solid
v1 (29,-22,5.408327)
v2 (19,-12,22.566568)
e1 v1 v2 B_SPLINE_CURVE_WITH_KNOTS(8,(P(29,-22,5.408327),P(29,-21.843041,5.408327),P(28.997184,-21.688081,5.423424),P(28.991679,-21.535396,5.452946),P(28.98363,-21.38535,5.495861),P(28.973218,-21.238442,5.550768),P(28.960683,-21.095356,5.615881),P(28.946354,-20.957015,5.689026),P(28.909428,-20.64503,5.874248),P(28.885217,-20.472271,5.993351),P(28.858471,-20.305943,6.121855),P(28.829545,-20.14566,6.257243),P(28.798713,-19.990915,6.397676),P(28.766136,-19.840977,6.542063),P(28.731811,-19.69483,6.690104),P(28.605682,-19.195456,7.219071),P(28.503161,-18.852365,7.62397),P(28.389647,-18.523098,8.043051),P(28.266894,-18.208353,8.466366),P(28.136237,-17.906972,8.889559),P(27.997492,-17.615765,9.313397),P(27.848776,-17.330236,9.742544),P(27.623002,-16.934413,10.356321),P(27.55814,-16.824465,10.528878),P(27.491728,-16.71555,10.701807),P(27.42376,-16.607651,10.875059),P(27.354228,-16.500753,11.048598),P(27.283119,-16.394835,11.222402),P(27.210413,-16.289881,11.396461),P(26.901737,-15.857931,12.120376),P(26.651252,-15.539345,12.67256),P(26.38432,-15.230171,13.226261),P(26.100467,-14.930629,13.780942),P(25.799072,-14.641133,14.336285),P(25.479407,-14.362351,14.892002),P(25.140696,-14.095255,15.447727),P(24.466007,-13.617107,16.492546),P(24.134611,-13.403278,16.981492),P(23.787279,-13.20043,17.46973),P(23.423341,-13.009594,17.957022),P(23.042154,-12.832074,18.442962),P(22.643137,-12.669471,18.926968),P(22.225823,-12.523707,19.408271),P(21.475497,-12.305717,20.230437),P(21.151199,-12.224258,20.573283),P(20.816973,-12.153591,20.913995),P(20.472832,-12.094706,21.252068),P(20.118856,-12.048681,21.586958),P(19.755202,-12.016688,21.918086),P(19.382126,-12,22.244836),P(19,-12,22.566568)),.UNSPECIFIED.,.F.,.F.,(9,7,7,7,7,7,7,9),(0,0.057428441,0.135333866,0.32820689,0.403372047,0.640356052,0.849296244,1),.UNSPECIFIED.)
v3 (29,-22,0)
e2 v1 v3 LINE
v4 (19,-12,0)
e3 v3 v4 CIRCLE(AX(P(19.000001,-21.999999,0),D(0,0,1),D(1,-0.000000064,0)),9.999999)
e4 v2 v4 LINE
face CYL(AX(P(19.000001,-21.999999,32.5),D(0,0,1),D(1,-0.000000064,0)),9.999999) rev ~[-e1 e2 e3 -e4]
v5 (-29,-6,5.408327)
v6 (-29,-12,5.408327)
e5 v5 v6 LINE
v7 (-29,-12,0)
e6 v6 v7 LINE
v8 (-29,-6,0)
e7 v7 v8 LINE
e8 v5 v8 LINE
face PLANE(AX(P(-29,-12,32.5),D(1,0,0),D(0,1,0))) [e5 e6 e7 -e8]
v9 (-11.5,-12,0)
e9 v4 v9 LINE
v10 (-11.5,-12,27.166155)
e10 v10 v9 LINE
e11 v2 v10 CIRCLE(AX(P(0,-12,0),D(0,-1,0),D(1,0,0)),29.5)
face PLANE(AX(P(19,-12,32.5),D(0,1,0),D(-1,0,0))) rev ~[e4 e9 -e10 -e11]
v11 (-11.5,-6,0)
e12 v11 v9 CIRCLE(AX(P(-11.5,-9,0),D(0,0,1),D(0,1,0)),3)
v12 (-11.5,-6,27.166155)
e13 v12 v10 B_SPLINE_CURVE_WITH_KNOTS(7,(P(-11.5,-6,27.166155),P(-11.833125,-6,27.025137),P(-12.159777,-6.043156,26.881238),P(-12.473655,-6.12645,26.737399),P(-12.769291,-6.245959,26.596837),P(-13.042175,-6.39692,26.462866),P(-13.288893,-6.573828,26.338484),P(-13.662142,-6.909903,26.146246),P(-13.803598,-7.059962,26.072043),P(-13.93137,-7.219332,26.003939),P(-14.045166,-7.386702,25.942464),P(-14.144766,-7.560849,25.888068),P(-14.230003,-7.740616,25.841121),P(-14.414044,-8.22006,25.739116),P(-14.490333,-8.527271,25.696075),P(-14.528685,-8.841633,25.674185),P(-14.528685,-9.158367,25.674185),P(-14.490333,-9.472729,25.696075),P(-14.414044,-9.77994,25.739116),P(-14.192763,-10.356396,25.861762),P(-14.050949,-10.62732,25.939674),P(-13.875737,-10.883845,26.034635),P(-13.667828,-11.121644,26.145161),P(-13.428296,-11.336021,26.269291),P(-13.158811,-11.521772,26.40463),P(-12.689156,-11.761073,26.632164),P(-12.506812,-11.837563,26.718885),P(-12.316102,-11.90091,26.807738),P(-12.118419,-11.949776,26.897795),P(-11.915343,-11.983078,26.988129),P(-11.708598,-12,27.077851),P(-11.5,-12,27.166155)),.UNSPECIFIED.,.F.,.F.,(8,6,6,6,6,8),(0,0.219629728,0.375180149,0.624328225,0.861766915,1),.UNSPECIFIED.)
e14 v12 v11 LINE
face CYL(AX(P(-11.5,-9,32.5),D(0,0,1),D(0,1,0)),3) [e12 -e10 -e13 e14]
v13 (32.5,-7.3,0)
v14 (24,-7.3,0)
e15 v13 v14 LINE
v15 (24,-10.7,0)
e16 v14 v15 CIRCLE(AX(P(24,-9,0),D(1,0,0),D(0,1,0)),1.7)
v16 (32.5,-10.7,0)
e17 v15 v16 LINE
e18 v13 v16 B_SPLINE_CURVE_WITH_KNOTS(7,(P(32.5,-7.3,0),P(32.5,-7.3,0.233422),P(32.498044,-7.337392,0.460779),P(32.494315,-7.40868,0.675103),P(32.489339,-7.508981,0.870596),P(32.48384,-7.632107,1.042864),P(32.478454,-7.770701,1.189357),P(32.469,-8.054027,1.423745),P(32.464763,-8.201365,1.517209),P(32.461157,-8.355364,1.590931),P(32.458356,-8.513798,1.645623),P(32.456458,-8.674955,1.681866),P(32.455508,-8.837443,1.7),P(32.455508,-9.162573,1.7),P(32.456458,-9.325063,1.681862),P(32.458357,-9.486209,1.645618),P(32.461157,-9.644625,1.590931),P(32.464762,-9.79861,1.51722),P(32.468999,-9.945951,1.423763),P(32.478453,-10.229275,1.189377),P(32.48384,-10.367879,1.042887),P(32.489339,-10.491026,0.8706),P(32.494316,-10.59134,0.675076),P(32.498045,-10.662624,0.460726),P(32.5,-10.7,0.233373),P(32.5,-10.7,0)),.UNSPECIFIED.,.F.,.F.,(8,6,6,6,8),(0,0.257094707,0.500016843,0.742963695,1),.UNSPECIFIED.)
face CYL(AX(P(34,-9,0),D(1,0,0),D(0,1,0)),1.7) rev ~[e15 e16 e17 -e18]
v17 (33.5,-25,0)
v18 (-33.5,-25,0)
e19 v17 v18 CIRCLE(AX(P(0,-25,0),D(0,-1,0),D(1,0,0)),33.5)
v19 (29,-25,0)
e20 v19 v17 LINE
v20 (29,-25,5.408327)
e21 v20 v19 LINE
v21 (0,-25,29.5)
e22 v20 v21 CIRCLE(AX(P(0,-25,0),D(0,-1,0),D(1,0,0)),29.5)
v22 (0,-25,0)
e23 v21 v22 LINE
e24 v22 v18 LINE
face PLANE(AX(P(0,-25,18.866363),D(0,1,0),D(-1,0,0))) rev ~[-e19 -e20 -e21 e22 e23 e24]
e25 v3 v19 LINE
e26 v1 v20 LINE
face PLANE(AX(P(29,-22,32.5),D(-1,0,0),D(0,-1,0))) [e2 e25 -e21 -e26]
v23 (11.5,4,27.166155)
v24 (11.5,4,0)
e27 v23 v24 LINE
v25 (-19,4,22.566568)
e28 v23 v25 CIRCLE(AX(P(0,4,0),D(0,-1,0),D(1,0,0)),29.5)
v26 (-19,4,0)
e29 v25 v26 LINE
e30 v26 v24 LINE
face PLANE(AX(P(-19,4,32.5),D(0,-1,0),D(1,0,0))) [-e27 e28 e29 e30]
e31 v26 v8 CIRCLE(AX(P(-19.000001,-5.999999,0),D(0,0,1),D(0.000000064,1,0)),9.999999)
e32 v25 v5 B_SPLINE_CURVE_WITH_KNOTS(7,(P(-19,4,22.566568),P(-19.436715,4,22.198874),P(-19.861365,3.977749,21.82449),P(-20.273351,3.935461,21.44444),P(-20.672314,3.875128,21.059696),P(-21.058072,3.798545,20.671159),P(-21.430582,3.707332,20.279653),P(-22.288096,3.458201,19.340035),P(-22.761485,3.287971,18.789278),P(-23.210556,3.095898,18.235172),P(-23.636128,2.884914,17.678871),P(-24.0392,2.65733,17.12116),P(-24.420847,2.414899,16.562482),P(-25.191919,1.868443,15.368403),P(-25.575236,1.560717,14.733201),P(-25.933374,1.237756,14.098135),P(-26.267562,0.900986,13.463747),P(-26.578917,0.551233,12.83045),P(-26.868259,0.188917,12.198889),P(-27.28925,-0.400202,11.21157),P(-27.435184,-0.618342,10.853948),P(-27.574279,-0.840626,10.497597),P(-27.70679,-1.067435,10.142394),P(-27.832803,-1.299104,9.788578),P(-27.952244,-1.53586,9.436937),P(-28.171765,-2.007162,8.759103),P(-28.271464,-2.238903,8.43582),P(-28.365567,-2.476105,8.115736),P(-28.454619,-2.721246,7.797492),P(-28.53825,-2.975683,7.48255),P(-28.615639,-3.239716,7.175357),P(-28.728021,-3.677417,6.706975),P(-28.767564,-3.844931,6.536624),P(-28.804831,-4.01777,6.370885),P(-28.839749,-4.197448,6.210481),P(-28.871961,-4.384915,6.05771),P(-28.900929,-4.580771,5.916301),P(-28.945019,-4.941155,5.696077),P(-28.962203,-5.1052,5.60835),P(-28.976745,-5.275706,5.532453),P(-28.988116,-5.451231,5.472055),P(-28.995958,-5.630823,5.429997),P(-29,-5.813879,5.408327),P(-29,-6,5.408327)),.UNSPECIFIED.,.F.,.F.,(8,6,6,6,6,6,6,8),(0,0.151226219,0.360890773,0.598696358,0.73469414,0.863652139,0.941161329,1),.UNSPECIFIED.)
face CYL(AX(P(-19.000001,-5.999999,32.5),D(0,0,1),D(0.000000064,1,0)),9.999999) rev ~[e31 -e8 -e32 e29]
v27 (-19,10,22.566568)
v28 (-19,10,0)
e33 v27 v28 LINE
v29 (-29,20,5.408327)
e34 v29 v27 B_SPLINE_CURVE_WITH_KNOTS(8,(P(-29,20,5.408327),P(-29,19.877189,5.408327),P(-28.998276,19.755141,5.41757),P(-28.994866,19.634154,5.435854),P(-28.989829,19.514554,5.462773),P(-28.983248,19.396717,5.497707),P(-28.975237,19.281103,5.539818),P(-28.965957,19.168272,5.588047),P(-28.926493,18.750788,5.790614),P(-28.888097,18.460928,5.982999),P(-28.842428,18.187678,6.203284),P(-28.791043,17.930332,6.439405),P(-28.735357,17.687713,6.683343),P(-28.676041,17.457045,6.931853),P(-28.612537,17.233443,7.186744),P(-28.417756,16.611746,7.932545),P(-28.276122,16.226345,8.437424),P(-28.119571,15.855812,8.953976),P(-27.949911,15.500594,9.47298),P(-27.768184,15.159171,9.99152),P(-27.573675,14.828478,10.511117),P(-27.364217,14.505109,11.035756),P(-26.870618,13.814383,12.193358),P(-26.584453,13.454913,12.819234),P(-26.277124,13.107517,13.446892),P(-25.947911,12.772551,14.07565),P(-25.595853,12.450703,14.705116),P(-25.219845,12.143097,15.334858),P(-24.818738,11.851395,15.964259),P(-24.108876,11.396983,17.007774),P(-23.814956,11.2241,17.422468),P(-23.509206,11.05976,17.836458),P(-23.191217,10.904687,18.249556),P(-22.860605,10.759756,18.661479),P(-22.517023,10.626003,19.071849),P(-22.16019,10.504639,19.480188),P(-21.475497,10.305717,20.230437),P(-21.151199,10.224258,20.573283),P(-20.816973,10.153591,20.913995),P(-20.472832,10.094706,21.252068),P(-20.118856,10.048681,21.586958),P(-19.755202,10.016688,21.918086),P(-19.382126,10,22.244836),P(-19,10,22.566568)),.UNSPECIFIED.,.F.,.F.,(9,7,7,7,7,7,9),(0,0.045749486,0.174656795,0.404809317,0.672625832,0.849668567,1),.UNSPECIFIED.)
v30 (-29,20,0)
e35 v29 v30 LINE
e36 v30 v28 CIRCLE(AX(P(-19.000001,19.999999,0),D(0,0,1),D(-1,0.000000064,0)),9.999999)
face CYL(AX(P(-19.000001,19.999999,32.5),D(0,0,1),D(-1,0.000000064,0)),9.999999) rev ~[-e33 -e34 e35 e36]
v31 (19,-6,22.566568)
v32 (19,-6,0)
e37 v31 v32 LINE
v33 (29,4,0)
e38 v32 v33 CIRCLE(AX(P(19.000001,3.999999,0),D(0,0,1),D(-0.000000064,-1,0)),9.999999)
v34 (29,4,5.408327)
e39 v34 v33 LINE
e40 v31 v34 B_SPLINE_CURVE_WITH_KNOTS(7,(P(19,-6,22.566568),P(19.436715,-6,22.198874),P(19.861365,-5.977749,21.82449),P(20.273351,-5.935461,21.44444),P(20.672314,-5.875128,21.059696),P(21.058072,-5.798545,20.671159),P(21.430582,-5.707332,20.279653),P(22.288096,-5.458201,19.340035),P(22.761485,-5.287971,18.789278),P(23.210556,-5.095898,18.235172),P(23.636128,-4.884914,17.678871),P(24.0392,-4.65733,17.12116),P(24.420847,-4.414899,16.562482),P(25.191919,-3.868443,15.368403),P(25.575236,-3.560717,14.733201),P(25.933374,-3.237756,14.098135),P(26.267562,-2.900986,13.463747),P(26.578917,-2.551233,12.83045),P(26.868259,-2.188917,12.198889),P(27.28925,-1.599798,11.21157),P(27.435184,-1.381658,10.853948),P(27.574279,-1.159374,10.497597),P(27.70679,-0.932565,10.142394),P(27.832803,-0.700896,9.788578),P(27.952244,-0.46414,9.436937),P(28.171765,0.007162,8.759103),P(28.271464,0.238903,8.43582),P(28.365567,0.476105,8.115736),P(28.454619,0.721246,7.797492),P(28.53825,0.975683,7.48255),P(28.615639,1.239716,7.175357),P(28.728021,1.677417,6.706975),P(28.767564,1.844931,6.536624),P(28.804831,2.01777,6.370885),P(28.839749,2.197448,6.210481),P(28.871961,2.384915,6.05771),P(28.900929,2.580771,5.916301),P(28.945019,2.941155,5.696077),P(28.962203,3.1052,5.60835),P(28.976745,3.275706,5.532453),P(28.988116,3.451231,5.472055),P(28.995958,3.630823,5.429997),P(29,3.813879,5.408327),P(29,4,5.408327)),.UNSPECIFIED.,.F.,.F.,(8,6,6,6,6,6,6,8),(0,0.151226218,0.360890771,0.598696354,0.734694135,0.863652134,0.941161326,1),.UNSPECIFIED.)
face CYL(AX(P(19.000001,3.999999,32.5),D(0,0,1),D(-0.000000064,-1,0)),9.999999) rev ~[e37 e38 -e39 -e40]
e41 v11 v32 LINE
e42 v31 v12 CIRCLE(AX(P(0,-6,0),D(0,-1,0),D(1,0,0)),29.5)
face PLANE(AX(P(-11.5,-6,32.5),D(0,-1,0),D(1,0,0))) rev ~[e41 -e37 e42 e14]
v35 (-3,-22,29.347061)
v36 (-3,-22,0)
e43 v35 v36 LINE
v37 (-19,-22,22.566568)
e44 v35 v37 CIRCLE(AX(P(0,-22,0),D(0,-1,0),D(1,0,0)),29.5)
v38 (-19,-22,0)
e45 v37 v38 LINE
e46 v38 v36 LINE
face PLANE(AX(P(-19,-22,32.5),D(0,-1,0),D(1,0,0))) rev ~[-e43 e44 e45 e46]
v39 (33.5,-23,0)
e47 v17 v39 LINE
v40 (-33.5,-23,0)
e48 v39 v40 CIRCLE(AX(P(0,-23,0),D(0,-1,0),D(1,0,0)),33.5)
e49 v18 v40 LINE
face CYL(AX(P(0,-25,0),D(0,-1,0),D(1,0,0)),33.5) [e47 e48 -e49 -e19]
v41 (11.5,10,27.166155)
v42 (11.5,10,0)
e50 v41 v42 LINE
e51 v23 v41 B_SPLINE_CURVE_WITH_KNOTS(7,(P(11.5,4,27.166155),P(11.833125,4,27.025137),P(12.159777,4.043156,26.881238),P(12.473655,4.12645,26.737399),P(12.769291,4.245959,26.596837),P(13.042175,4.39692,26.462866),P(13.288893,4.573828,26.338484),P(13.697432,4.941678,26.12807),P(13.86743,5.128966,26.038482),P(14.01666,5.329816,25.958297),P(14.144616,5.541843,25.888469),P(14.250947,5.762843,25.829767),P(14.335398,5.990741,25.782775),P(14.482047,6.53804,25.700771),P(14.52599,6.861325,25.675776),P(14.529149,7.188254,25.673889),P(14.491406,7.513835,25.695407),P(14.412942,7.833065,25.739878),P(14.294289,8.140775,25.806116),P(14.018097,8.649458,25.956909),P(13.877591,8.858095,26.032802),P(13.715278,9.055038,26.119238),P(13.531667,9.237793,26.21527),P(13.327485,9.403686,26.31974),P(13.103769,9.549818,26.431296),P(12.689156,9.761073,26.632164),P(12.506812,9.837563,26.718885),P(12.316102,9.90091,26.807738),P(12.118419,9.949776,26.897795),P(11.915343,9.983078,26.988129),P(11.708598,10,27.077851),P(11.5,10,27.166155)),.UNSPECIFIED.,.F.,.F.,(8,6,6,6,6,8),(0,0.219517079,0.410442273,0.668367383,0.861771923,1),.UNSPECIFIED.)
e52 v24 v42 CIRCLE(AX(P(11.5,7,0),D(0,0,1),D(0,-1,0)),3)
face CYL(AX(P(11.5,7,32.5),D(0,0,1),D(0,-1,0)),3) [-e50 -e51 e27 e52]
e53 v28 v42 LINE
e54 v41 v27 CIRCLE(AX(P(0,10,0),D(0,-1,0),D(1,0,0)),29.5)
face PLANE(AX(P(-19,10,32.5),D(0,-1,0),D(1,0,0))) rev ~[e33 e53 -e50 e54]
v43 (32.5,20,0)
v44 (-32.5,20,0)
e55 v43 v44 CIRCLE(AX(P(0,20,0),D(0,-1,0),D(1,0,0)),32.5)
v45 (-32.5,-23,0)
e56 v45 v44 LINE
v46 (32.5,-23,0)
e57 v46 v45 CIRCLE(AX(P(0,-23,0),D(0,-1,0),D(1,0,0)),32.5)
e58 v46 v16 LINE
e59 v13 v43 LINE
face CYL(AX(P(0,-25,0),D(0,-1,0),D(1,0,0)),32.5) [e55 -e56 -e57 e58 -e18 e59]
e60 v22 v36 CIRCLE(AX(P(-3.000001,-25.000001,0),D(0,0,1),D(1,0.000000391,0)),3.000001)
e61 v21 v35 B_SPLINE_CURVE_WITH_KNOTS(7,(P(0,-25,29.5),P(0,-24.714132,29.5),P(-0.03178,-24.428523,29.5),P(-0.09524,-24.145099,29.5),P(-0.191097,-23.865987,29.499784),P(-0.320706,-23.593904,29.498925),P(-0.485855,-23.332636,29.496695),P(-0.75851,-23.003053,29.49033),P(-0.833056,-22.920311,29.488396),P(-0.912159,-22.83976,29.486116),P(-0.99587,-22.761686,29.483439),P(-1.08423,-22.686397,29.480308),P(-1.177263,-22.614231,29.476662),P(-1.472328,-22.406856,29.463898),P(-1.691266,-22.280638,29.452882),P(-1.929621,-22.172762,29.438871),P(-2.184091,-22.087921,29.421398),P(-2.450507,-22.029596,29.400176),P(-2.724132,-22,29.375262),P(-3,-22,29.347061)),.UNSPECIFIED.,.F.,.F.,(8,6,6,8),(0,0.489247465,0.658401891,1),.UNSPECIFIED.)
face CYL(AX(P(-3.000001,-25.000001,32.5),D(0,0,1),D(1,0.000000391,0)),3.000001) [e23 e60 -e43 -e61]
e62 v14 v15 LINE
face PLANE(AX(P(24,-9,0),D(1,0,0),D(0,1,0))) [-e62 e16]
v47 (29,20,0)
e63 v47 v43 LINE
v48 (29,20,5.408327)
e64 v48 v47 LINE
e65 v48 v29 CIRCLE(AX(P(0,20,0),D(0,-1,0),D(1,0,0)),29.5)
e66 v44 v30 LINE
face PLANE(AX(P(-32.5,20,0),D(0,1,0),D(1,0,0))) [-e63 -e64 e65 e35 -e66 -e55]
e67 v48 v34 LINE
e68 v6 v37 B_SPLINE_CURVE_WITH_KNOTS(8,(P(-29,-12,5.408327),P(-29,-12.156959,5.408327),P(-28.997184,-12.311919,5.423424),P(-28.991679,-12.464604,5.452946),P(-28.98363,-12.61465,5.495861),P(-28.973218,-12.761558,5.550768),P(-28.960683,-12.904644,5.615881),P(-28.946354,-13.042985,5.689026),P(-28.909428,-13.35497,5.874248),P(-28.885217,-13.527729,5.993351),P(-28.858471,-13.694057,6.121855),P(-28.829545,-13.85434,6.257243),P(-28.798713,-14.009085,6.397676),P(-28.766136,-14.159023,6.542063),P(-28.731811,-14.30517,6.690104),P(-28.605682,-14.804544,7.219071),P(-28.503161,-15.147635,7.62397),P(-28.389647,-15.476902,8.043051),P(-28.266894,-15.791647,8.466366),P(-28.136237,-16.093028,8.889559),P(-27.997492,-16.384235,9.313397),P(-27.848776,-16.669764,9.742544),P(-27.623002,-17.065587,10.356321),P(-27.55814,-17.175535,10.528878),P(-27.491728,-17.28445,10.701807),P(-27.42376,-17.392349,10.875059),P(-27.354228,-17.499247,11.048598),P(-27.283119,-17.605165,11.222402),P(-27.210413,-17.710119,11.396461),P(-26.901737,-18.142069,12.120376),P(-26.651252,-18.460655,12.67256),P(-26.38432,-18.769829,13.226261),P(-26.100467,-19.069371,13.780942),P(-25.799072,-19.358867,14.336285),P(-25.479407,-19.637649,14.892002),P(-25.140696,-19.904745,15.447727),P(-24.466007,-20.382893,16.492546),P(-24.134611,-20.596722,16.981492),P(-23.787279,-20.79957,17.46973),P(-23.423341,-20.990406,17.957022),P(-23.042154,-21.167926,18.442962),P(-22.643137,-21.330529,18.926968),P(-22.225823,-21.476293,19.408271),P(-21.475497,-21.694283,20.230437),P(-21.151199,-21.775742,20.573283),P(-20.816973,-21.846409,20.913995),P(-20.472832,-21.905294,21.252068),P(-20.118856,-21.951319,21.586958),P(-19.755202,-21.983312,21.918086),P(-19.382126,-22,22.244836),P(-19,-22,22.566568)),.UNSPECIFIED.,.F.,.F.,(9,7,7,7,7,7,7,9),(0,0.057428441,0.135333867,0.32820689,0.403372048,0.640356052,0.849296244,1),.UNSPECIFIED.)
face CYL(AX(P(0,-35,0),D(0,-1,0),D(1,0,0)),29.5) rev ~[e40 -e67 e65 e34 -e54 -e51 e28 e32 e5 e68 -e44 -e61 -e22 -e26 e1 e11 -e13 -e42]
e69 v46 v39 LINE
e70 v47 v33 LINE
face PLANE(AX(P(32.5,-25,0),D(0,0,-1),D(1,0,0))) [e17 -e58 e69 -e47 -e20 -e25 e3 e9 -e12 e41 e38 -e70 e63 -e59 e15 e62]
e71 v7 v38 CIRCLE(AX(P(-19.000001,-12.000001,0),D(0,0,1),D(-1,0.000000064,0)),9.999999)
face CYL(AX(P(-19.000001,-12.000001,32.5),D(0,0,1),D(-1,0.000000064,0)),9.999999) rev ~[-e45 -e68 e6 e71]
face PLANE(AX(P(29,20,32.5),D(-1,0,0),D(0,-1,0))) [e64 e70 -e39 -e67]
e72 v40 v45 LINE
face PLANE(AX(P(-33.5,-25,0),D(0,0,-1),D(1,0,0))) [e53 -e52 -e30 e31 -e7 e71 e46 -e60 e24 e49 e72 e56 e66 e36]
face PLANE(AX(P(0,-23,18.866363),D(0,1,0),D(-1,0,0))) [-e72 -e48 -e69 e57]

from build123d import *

# Parameters (mm, degrees)
SKETCH015_W     = 65
SKETCH015_H     = 55
PAD004_DEPTH    = 32.5
POCKET006_DEPTH = 32.501
PAD005_DEPTH    = 55
SKETCH018_W     = 65
SKETCH018_H     = 10
POCKET007_DEPTH = 32.501
SKETCH019_R     = 50
SKETCH019_R_2   = 32.5
POCKET008_DEPTH = 45.001
PAD006_DEPTH    = 2
SKETCH027_R     = 1.7
POCKET013_DEPTH = 10


with BuildPart() as part:
    # Sketch015 → Pad004 (new body)
    with BuildSketch(Plane.XY):
        with Locations((0, 17.5)):
            Rectangle(SKETCH015_W, SKETCH015_H)
    extrude(amount=PAD004_DEPTH)

    # Sketch016 (on Face6 of Pad004) → Pocket006 (cut, through all)
    with BuildSketch(Plane.XY.offset(32.5)):
        with BuildLine():
            ThreePointArc((-29, 45), (-26.071068, 37.928932), (-19, 35))
            Line((-19, 35), (11.5, 35))
            ThreePointArc((11.5, 29), (14.5, 32), (11.5, 35))
            Line((-19, 29), (11.5, 29))
            ThreePointArc((-19, 29), (-26.071068, 26.071068), (-29, 19))
            Line((-29, 13), (-29, 19))
            ThreePointArc((-29, 13), (-26.071068, 5.928932), (-19, 3))
            Line((-19, 3), (-3, 3))
            ThreePointArc((0, 0), (-0.87868, 2.12132), (-3, 3))
            Line((29, 0), (0, 0))
            Line((29, 3), (29, 0))
            ThreePointArc((29, 3), (26.071068, 10.071068), (19, 13))
            Line((19, 13), (-11.5, 13))
            ThreePointArc((-11.5, 19), (-14.5, 16), (-11.5, 13))
            Line((-11.5, 19), (19, 19))
            ThreePointArc((19, 19), (26.071068, 21.928932), (29, 29))
            Line((29, 45), (29, 29))
            Line((-29, 45), (29, 45))
        make_face()
    extrude(amount=-POCKET006_DEPTH, mode=Mode.SUBTRACT)

    # Sketch017 (on Face1 of Pocket006) → Pad005 (join)
    with BuildSketch(Plane.XZ.offset(10)):
        with BuildLine():
            ThreePointArc((32.5, 0), (0, 32.5), (-32.5, 0))
            Line((-32.5, 0), (-29.5, 0))
            ThreePointArc((29.5, 0), (0, 29.5), (-29.5, 0))
            Line((29.5, 0), (32.5, 0))
        make_face()
    extrude(amount=-PAD005_DEPTH)

    # Sketch018 (on Face19 of Pad005) → Pocket007 (cut, through all)
    with BuildSketch(Plane(origin=(0, 0, 0), x_dir=(1, 0, 0), z_dir=(0, 0, -1))):
        with Locations((0, 5)):
            Rectangle(SKETCH018_W, SKETCH018_H)
    extrude(amount=-POCKET007_DEPTH, mode=Mode.SUBTRACT)

    # Sketch019 (on Face13 of Pocket007) → Pocket008 (cut, through all)
    with BuildSketch(Plane.XZ):
        Circle(SKETCH019_R)
        Circle(SKETCH019_R_2, mode=Mode.SUBTRACT)
    extrude(amount=-POCKET008_DEPTH, mode=Mode.SUBTRACT)

    # Sketch020 (on Face13 of Pocket008) → Pad006 (join)
    with BuildSketch(Plane.XZ):
        with BuildLine():
            ThreePointArc((32.5, 0), (0, 32.5), (-32.5, 0))
            Line((-33.5, 0), (-32.5, 0))
            ThreePointArc((33.5, 0), (0, 33.5), (-33.5, 0))
            Line((32.5, 0), (33.5, 0))
        make_face()
    extrude(amount=-PAD006_DEPTH)

    # Sketch027 (on DatumPlane) → Pocket013 (cut)
    with BuildSketch(Plane.YZ.offset(34)):
        with Locations((16, 0)):
            Circle(SKETCH027_R)
    extrude(amount=-POCKET013_DEPTH, mode=Mode.SUBTRACT)


with BuildPart() as part_1:
    # Body003 placement: moved
    add(part.part.moved(Location((0, -25, 0))))


solid = part_1.part
